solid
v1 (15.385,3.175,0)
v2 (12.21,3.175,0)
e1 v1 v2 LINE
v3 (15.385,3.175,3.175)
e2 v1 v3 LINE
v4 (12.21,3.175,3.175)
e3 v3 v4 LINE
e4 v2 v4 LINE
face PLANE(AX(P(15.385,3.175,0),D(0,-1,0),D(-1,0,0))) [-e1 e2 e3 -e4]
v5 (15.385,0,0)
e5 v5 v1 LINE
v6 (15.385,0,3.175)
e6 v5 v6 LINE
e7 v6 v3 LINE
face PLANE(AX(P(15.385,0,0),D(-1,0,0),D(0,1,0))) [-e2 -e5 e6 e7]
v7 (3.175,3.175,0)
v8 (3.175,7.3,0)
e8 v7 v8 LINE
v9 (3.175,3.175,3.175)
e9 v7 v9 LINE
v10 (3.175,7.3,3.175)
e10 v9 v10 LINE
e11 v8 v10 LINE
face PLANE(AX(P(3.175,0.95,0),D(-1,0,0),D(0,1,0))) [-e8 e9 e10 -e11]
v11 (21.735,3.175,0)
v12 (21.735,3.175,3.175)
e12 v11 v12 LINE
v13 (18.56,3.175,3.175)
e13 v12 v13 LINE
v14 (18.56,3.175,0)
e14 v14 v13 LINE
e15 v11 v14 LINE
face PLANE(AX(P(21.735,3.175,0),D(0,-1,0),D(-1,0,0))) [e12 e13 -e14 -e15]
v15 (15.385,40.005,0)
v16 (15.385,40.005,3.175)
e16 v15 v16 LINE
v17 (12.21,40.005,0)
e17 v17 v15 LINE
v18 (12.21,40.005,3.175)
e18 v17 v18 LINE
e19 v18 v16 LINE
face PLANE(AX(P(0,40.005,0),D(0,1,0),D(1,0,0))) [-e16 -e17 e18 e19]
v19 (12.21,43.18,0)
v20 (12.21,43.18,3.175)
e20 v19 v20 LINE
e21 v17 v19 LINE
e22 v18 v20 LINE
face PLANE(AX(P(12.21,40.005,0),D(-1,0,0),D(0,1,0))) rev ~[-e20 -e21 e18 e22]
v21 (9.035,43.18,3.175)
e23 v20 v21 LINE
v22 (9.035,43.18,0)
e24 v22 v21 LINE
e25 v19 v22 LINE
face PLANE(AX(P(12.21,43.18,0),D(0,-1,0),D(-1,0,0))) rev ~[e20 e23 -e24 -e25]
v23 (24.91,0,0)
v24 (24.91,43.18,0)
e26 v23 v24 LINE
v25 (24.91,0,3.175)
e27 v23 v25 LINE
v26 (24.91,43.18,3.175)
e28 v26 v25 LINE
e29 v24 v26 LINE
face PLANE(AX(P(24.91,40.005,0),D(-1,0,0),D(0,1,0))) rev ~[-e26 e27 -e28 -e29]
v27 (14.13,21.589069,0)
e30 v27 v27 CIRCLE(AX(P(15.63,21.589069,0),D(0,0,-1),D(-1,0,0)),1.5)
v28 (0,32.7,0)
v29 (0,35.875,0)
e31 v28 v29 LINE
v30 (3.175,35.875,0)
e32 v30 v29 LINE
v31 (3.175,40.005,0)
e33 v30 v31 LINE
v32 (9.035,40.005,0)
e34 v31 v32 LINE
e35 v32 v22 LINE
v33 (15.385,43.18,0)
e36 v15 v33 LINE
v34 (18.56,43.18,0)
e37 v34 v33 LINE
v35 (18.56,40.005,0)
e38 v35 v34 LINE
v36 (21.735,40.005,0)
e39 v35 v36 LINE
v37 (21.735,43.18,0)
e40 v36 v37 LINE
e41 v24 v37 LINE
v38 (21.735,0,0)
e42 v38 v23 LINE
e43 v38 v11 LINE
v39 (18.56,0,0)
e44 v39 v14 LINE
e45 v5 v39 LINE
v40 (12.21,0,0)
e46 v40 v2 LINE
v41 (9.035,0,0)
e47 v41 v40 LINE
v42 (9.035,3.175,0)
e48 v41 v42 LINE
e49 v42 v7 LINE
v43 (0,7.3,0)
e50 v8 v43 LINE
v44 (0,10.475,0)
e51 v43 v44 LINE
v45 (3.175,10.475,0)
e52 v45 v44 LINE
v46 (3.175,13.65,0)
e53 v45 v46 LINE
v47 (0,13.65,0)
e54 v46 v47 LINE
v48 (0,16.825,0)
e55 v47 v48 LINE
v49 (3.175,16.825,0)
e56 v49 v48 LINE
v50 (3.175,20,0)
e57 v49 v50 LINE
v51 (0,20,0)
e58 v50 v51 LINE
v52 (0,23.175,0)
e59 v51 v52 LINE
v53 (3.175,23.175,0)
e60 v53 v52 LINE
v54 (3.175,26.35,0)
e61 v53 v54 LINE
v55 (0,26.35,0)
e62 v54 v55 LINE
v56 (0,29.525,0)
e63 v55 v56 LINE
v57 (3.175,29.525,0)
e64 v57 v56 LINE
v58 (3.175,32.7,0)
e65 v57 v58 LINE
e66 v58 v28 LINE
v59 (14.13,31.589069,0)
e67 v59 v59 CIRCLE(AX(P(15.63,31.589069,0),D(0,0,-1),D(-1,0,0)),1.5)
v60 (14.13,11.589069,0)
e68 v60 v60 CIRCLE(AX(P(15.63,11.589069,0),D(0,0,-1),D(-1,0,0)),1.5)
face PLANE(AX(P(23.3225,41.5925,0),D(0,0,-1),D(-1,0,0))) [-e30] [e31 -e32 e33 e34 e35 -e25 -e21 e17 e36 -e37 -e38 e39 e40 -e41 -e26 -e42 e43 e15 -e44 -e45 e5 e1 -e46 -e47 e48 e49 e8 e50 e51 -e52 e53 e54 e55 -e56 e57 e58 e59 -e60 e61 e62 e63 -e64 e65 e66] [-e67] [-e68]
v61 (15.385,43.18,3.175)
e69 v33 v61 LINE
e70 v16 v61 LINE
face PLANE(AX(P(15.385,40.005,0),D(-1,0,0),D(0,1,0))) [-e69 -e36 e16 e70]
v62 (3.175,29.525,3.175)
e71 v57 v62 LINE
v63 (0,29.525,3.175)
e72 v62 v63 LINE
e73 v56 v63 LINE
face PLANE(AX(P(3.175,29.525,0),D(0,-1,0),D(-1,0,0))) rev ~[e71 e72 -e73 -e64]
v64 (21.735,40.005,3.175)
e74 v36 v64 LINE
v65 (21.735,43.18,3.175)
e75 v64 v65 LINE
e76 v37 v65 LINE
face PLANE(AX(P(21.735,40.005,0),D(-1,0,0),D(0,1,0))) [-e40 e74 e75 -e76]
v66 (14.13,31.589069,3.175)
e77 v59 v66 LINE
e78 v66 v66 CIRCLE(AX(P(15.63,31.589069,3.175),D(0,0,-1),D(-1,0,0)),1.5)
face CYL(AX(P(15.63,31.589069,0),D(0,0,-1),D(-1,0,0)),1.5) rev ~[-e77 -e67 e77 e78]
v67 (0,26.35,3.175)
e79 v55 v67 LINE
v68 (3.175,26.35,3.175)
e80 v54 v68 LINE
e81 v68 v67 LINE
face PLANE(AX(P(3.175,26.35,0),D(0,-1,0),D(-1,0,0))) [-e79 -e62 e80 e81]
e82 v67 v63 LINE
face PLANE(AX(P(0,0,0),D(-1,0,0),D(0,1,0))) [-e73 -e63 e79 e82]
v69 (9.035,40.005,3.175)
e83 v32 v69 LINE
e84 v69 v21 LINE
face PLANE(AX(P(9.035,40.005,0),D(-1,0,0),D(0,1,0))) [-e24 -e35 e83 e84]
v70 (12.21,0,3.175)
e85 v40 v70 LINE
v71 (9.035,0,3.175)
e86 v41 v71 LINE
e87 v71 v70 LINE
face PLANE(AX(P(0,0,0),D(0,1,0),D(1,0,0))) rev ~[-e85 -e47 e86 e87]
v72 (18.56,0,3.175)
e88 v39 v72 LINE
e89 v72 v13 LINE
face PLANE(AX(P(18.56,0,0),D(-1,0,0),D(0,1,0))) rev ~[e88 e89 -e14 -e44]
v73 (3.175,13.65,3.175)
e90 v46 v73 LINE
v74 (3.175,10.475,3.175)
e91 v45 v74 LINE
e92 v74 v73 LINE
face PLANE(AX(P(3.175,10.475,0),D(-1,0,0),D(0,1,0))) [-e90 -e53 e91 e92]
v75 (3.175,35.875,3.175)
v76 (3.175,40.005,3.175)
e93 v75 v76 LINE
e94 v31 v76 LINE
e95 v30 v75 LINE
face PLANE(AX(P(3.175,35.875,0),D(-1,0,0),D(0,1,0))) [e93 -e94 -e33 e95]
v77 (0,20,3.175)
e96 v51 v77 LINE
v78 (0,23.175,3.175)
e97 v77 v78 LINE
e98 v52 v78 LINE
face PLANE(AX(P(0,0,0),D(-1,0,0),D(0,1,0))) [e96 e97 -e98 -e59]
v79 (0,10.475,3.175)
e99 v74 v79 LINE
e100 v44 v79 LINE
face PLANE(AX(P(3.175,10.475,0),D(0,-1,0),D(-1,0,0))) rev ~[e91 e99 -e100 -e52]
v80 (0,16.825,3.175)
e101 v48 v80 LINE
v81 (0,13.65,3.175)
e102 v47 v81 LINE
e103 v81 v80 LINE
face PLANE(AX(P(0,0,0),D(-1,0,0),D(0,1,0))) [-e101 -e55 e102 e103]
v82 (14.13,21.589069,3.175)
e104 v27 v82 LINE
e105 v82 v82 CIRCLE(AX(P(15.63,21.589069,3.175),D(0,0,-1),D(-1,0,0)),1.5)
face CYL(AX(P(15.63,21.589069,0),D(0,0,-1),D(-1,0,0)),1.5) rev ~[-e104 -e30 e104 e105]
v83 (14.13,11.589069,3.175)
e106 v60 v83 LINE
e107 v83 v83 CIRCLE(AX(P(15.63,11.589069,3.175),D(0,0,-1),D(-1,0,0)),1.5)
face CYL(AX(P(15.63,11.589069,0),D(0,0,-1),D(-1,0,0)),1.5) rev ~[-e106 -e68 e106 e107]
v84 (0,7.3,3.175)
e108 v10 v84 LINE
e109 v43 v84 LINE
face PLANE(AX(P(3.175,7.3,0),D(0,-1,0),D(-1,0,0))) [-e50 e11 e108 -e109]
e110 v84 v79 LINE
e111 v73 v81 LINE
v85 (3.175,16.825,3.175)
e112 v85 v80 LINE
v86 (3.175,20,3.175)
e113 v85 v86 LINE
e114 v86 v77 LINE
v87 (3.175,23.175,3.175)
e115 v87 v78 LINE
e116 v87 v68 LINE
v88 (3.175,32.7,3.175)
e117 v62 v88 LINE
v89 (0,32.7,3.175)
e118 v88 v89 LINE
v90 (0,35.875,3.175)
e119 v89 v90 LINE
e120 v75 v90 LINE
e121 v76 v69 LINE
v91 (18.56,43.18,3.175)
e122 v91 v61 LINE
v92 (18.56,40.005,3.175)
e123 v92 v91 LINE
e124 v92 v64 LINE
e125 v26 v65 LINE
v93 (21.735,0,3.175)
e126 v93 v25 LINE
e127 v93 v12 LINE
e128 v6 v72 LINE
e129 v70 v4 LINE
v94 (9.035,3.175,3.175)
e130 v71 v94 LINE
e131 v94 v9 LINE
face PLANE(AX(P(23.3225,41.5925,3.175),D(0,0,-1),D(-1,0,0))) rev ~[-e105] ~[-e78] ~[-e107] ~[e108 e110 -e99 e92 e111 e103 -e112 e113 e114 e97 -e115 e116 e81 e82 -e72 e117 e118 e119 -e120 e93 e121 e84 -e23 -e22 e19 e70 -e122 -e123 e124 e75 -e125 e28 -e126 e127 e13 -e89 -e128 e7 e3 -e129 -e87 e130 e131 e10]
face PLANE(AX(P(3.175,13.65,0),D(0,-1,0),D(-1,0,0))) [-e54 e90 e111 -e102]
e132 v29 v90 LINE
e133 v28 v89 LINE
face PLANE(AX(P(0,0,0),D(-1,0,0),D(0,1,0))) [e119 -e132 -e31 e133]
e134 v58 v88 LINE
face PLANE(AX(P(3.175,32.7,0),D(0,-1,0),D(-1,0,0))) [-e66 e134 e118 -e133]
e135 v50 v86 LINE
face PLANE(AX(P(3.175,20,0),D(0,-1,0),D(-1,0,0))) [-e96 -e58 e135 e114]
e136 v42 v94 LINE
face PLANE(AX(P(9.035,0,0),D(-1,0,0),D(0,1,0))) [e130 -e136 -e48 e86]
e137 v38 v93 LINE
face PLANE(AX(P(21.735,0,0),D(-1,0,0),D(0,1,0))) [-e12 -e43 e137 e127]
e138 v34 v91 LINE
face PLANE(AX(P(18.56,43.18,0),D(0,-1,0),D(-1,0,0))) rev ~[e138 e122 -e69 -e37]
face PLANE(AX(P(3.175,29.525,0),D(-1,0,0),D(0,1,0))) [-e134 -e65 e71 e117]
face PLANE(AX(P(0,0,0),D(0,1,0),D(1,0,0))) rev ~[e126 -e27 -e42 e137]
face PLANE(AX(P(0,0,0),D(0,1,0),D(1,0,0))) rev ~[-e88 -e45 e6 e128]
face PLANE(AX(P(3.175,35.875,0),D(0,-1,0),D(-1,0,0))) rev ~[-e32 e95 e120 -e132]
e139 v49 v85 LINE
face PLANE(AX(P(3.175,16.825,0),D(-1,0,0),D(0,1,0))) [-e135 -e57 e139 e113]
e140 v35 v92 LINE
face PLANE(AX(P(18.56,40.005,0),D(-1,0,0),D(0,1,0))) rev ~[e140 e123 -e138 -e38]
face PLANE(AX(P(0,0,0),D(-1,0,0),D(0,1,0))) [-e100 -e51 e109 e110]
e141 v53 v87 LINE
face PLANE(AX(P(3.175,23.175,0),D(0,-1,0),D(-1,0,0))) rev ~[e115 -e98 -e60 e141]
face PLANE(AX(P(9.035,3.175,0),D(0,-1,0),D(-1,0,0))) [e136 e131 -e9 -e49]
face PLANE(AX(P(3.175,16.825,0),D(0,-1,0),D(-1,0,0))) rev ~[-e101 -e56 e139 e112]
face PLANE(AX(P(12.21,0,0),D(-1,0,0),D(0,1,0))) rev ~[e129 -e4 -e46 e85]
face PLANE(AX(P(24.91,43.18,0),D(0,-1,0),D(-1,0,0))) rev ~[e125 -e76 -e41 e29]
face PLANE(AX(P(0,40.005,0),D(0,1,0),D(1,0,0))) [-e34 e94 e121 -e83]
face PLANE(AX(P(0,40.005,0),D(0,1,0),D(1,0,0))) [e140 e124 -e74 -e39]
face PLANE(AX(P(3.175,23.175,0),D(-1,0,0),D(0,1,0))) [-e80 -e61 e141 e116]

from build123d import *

# Parameters (mm, degrees)
SKETCH1_W            = 24.91
SKETCH1_H            = 40.005
BOSS_EXTRUDE1_DEPTH  = 3.175
SKETCH7_W            = 3.175
SKETCH7_H            = 3.175
CUT_EXTRUDE5_DEPTH   = 3.175
LPATTERN2_COUNT      = 6
LPATTERN2_PITCH      = 6.35
LPATTERN2_COUNT_DIR2 = 6
LPATTERN2_PITCH_DIR2 = 6.35
SKETCH8_W            = 3.175
SKETCH8_H            = 0.955
SKETCH8_H_2          = 3.175
CUT_EXTRUDE6_DEPTH   = 3.175
SKETCH9_W            = 3.175
SKETCH9_H            = 3.175
CUT_EXTRUDE7_DEPTH   = 3.175
LPATTERN3_COUNT      = 3
LPATTERN3_PITCH      = 6.35
SKETCH10_W           = 2.685
SKETCH10_H           = 3.175
CUT_EXTRUDE8_DEPTH   = 3.175
SKETCH12_W           = 3.175
SKETCH12_H           = 3.175
BOSS_EXTRUDE2_DEPTH  = 3.175
LPATTERN4_COUNT      = 3
LPATTERN4_PITCH      = 6.35
SKETCH11_R           = 1.5
CUT_EXTRUDE9_DEPTH   = 3.175
LPATTERN5_COUNT      = 3
LPATTERN5_PITCH      = 10


with BuildPart() as part:
    # Sketch1 → Boss-Extrude1 (new body)
    with BuildSketch(Plane.XY):
        with Locations((12.455, 20.0025)):
            Rectangle(SKETCH1_W, SKETCH1_H)
    extrude(amount=BOSS_EXTRUDE1_DEPTH)

    # Sketch7 → Cut-Extrude5 (cut)
    with BuildSketch(Plane(origin=(0, 0, 0), x_dir=(-1, 0, 0), z_dir=(0, 0, -1))):
        with Locations((-1.5875, 31.1125)):
            Rectangle(SKETCH7_W, SKETCH7_H)
    cut_extrude5 = extrude(amount=-CUT_EXTRUDE5_DEPTH, mode=Mode.SUBTRACT)

    # LPattern2: Cut-Extrude5 6 × 6
    with Locations(*[Vector(0, -1, 0) * (i * LPATTERN2_PITCH) + Vector(0, 1, 0) * (j * LPATTERN2_PITCH_DIR2) for i in range(LPATTERN2_COUNT) for j in range(LPATTERN2_COUNT_DIR2) if (i, j) != (0, 0)]):
        add(cut_extrude5, mode=Mode.SUBTRACT)

    # Sketch8 → Cut-Extrude6 (cut)
    with BuildSketch(Plane(origin=(0, 0, 0), x_dir=(-1, 0, 0), z_dir=(0, 0, -1))):
        with Locations((-1.5875, 39.5275)):
            Rectangle(SKETCH8_W, SKETCH8_H)
        with Locations((-1.5875, 2.5375)):
            Rectangle(SKETCH8_W, SKETCH8_H_2)
    extrude(amount=-CUT_EXTRUDE6_DEPTH, mode=Mode.SUBTRACT)

    # Sketch9 → Cut-Extrude7 (cut)
    with BuildSketch(Plane(origin=(0, 0, 0), x_dir=(-1, 0, 0), z_dir=(0, 0, -1))):
        with Locations((-20.1475, 1.5875)):
            Rectangle(SKETCH9_W, SKETCH9_H)
    cut_extrude7 = extrude(amount=-CUT_EXTRUDE7_DEPTH, mode=Mode.SUBTRACT)

    # LPattern3: Cut-Extrude7 ×3
    with Locations(*[(-i * LPATTERN3_PITCH, 0, 0) for i in range(1, LPATTERN3_COUNT)]):
        add(cut_extrude7, mode=Mode.SUBTRACT)

    # Sketch10 → Cut-Extrude8 (cut)
    with BuildSketch(Plane(origin=(0, 0, 0), x_dir=(-1, 0, 0), z_dir=(0, 0, -1))):
        with Locations((-4.5175, 1.5875)):
            Rectangle(SKETCH10_W, SKETCH10_H)
    extrude(amount=-CUT_EXTRUDE8_DEPTH, mode=Mode.SUBTRACT)

    # Sketch12 → Boss-Extrude2 (add)
    with BuildSketch(Plane(origin=(0, 0, 0), x_dir=(-1, 0, 0), z_dir=(0, 0, -1))):
        with Locations((-23.3225, 41.5925)):
            Rectangle(SKETCH12_W, SKETCH12_H)
    boss_extrude2 = extrude(amount=-BOSS_EXTRUDE2_DEPTH)

    # LPattern4: Boss-Extrude2 ×3
    with Locations(*[(-i * LPATTERN4_PITCH, 0, 0) for i in range(1, LPATTERN4_COUNT)]):
        add(boss_extrude2)

    # Sketch11 → Cut-Extrude9 (cut)
    with BuildSketch(Plane(origin=(0, 0, 0), x_dir=(-1, 0, 0), z_dir=(0, 0, -1))):
        with Locations((-15.63, 31.589068697)):
            Circle(SKETCH11_R)
    cut_extrude9 = extrude(amount=-CUT_EXTRUDE9_DEPTH, mode=Mode.SUBTRACT)

    # LPattern5: Cut-Extrude9 ×3
    with Locations(*[(0, -i * LPATTERN5_PITCH, 0) for i in range(1, LPATTERN5_COUNT)]):
        add(cut_extrude9, mode=Mode.SUBTRACT)


solid = part.part
